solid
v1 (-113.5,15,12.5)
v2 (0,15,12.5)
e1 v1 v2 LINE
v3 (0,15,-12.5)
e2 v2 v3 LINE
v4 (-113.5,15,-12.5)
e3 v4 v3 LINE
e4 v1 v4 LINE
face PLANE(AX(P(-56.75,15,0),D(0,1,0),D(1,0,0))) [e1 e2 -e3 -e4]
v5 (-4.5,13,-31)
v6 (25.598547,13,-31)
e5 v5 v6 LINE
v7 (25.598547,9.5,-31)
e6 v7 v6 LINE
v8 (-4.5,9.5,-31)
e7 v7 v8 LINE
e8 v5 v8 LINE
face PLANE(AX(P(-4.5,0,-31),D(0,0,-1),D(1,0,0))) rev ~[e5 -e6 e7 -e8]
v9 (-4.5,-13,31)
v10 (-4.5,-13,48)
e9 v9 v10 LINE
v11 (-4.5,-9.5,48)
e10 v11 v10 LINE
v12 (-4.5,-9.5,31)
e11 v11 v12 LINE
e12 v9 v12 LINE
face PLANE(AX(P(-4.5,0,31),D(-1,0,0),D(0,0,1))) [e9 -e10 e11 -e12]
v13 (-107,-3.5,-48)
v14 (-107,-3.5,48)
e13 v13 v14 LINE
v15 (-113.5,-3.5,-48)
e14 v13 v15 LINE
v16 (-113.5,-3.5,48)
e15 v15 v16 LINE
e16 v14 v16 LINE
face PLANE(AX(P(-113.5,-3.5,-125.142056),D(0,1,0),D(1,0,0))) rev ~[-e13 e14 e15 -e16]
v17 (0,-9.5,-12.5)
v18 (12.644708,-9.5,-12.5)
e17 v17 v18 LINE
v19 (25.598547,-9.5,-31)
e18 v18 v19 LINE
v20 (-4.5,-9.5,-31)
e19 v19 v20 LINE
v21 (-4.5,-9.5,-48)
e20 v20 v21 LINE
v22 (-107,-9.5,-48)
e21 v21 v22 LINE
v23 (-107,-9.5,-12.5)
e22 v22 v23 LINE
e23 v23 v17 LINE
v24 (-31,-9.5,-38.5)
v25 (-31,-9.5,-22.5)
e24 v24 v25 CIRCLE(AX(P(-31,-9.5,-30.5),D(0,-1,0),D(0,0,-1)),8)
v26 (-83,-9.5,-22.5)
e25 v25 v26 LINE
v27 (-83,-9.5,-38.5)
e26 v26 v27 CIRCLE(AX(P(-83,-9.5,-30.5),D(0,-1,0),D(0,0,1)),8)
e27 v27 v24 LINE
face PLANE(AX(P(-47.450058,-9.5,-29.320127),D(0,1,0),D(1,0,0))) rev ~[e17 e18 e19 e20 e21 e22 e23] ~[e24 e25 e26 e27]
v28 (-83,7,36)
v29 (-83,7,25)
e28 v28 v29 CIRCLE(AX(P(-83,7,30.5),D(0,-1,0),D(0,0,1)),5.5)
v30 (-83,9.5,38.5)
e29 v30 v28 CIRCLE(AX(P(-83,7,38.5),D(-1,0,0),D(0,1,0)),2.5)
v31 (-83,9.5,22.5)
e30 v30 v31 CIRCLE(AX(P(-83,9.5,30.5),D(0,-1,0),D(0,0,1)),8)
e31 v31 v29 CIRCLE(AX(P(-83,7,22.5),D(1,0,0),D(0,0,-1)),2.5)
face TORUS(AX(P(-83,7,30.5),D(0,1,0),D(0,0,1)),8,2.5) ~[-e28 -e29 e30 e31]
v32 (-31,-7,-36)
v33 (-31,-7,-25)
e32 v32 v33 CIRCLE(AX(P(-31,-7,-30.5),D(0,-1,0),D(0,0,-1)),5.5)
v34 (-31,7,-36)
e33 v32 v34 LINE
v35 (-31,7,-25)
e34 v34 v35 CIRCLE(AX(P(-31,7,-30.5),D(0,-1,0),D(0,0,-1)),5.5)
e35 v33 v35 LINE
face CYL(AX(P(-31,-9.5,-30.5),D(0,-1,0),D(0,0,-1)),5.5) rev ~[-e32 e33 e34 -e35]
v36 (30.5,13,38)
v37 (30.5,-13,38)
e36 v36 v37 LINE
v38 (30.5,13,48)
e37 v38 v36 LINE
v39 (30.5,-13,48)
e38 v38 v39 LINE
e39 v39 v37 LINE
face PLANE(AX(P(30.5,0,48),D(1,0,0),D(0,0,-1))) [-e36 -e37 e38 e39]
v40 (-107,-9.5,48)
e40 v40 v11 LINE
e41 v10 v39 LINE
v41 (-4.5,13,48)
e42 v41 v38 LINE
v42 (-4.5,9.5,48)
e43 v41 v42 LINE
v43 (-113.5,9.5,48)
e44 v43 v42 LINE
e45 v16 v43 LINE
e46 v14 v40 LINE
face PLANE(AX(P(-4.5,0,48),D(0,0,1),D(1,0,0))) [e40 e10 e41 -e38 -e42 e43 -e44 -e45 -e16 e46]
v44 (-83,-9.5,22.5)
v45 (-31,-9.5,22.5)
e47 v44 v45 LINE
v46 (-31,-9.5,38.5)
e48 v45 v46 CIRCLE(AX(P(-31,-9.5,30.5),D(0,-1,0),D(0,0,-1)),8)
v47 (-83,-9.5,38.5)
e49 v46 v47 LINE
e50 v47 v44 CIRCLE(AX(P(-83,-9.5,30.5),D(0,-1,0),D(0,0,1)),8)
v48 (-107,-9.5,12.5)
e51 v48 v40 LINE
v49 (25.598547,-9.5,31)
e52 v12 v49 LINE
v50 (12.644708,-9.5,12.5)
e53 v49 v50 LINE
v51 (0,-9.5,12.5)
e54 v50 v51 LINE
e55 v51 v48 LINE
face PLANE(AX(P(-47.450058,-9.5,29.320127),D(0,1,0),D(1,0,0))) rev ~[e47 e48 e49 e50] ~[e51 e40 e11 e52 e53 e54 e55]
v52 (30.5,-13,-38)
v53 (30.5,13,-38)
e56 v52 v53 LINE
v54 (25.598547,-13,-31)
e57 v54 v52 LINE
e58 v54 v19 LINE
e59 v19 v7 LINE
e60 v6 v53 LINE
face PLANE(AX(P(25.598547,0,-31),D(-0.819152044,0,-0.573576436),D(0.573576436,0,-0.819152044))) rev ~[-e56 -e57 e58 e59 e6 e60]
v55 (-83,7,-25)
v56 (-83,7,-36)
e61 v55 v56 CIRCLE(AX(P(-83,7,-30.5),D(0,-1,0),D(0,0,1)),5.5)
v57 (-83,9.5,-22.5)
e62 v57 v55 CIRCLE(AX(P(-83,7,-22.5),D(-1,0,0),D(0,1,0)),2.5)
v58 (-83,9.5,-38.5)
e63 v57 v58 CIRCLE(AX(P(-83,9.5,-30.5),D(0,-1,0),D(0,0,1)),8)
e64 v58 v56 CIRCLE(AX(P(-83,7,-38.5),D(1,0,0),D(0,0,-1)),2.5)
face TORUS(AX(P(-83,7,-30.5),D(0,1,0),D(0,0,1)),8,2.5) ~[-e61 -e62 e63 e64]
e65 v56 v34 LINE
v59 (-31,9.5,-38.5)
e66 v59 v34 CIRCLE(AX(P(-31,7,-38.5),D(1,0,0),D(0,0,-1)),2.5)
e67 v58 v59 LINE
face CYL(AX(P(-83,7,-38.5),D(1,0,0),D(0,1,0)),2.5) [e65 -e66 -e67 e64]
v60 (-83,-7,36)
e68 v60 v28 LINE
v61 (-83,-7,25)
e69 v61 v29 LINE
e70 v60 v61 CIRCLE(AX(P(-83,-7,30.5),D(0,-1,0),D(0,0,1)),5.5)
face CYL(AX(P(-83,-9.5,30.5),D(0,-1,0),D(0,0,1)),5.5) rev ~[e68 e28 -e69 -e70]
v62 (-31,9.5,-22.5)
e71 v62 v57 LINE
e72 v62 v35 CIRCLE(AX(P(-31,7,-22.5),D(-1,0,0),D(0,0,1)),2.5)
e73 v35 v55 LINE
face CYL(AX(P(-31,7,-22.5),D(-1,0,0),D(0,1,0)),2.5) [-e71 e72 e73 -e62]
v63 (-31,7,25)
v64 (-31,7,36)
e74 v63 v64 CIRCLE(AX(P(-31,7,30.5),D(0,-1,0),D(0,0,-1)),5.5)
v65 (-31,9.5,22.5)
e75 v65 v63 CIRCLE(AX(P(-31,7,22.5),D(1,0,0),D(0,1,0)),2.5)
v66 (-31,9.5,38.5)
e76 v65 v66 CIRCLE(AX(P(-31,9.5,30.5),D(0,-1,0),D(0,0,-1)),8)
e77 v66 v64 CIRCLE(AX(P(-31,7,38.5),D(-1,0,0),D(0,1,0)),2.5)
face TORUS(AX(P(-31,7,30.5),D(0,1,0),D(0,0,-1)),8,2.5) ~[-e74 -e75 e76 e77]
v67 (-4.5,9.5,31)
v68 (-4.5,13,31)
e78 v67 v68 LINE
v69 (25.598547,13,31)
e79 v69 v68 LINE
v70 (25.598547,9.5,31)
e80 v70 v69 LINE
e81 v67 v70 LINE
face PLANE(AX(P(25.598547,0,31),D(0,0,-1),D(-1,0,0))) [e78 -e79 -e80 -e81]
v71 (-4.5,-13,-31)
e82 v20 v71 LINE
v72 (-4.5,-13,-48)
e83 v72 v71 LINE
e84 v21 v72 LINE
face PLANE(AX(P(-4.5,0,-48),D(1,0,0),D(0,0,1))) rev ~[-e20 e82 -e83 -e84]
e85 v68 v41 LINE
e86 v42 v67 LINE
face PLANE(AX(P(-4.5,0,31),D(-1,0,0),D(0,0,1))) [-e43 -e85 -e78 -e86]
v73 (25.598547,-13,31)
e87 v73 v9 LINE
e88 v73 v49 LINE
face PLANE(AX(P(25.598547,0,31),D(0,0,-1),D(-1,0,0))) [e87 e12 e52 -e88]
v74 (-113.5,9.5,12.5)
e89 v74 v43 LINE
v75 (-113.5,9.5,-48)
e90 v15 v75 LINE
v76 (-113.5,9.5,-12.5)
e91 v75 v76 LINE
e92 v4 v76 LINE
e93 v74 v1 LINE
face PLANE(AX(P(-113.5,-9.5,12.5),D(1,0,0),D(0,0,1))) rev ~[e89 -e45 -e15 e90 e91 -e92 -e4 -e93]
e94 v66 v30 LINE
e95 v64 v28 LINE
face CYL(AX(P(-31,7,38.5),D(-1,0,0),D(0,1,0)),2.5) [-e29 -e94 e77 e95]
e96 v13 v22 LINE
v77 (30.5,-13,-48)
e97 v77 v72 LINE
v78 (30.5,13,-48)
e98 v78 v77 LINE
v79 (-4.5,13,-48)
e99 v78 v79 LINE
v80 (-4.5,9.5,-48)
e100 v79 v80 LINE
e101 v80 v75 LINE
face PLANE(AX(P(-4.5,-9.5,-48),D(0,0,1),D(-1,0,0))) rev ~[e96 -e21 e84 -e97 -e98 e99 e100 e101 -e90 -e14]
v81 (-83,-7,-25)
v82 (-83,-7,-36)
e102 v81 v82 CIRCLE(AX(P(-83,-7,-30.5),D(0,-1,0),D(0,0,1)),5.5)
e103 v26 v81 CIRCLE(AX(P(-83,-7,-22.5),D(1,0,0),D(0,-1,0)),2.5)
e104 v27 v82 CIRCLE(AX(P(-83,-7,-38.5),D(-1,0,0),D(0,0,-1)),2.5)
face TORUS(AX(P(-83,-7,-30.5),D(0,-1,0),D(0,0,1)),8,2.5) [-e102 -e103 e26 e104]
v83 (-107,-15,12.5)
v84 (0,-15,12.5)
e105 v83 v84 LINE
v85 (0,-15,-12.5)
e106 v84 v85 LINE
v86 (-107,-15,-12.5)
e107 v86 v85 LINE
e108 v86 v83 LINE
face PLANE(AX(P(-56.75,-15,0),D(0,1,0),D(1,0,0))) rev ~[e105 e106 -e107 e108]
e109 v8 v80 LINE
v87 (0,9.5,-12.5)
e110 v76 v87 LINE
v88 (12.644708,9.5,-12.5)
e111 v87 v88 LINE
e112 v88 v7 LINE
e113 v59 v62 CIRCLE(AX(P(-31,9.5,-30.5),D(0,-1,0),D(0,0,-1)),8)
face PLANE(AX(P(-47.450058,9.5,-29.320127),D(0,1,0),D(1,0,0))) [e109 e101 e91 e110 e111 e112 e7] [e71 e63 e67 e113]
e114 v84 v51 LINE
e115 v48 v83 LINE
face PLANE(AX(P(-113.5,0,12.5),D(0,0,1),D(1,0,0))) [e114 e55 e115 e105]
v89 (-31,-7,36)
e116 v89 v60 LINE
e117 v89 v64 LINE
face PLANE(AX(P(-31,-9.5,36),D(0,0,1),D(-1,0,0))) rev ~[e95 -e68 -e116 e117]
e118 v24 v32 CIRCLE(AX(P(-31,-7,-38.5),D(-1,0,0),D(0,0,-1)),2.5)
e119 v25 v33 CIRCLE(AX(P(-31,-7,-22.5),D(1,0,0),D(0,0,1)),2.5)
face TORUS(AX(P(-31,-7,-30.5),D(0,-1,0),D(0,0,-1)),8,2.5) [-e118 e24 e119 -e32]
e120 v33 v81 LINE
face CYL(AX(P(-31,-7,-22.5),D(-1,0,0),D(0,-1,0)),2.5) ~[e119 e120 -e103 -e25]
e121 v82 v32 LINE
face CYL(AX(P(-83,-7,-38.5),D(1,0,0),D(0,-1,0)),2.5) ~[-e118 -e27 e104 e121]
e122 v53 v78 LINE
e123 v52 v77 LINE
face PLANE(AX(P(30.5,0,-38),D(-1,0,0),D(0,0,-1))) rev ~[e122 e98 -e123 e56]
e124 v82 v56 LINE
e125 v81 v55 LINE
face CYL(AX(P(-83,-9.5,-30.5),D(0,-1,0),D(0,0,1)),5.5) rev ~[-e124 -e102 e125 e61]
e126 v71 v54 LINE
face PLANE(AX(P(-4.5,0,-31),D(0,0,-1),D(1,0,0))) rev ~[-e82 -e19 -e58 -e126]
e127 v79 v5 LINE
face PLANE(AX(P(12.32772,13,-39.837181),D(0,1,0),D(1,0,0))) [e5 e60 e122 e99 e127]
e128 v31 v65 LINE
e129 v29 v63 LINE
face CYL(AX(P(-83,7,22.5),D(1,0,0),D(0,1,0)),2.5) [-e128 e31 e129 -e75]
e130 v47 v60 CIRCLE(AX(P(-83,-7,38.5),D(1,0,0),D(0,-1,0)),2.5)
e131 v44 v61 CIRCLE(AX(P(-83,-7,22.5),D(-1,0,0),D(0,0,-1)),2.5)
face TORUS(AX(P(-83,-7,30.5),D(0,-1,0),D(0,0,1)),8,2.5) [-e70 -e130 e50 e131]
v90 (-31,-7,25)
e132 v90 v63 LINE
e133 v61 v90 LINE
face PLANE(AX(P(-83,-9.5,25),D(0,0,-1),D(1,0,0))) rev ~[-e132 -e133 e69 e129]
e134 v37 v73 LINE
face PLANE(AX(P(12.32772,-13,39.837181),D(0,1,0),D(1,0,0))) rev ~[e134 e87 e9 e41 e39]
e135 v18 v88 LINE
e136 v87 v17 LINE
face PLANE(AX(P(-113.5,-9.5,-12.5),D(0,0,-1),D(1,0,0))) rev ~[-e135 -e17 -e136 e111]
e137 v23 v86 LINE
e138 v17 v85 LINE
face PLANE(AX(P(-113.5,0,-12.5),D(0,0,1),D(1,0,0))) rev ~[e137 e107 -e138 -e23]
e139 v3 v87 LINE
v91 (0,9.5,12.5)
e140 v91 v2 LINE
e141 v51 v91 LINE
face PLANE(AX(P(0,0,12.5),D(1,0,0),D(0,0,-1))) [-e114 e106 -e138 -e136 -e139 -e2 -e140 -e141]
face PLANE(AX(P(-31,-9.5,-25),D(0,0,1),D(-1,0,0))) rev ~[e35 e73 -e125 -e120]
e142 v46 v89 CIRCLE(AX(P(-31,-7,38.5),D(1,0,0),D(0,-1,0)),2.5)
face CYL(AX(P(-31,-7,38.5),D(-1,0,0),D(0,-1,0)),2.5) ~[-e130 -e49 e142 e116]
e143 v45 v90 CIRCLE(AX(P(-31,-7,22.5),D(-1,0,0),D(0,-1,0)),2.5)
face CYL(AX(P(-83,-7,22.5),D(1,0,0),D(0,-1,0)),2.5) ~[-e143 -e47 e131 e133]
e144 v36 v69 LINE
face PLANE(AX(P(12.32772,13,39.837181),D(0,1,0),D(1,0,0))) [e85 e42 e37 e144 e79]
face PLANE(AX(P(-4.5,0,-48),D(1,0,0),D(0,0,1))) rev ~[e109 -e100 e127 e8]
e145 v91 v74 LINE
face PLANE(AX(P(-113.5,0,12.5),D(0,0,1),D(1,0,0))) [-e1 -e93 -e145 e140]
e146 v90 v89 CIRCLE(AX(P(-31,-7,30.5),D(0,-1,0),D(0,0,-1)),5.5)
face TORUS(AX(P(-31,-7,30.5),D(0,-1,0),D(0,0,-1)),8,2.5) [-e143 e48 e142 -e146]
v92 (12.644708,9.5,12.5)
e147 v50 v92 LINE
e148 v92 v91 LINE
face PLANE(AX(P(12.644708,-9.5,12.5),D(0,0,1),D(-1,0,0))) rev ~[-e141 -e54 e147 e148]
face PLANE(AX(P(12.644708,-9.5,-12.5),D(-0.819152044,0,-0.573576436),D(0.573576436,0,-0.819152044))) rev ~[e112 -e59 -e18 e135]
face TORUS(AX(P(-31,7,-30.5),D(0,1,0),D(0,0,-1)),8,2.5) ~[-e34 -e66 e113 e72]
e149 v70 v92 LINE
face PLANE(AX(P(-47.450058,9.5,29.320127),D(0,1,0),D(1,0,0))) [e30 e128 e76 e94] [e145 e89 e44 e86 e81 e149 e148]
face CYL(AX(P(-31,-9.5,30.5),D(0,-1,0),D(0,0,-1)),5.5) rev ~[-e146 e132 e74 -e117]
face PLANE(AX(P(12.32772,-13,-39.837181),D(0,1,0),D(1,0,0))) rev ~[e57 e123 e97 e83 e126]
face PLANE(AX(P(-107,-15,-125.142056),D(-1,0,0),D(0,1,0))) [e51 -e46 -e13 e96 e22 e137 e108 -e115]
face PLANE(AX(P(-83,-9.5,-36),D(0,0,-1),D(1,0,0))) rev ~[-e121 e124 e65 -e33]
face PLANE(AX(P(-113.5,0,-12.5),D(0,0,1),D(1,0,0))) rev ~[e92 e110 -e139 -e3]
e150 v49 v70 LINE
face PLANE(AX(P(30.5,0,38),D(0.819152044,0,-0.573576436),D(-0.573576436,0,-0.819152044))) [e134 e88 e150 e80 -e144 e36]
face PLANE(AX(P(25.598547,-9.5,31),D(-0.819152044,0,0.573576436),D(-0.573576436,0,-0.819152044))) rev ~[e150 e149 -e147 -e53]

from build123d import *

# Parameters (mm, degrees)
ESQUISSE1_W                  = 113.5
ESQUISSE1_H                  = 25
BOSS_EXTRU_1_DEPTH           = 15
BOSS_EXTRU_2_DEPTH           = 9.5
BOSS_EXTRU_2_DEPTH_BACK      = 9.5
BOSS_EXTRU_3_DEPTH           = 13
ENL_V_MAT_EXTRU_1_DEPTH      = 125.142055726
ENL_V_MAT_EXTRU_1_DEPTH_BACK = 125.142055726
ESQUISSE2_W                  = 6.5
ESQUISSE2_H                  = 11.5
CONG_1_R                     = 2.5


with BuildPart() as part:
    # Esquisse1 → Boss.-Extru.1 (new, symmetric)
    with BuildSketch(Plane(origin=(0, 0, 0), x_dir=(1, 0, 0), z_dir=(0, 1, 0))):
        with Locations((-56.75, 0)):
            Rectangle(ESQUISSE1_W, ESQUISSE1_H)
    extrude(amount=BOSS_EXTRU_1_DEPTH, both=True)

    # Esquisse1<3> → Boss.-Extru.2 (add, two sides: drawn at the far end of the back side and taken through both)
    # profile 1 of 2: a face of its own
    with BuildSketch(Plane(origin=(0, 0, 0), x_dir=(1, 0, 0), z_dir=(0, 1, 0)).offset(-BOSS_EXTRU_2_DEPTH_BACK)):
        Polygon((12.644707776, -12.5), (0, -12.5), (-113.5, -12.5), (-113.5, -48), (-4.5, -48), (-4.5, -31), (25.598547233, -31), align=None)
        with BuildLine():
            Line((-31, -36), (-83, -36))
            ThreePointArc((-83, -36), (-88.5, -30.5), (-83, -25))
            Line((-83, -25), (-31, -25))
            ThreePointArc((-31, -25), (-25.5, -30.5), (-31, -36))
        make_face(mode=Mode.SUBTRACT)
    # profile 2 of 2: a face of its own
    with BuildSketch(Plane(origin=(0, 0, 0), x_dir=(1, 0, 0), z_dir=(0, 1, 0)).offset(-BOSS_EXTRU_2_DEPTH_BACK)):
        Polygon((-113.5, 12.5), (0, 12.5), (12.644707776, 12.5), (25.598547233, 31), (-4.5, 31), (-4.5, 48), (-113.5, 48), align=None)
        with BuildLine():
            ThreePointArc((-83, 25), (-88.5, 30.5), (-83, 36))
            Line((-83, 36), (-31, 36))
            ThreePointArc((-31, 36), (-25.5, 30.5), (-31, 25))
            Line((-31, 25), (-83, 25))
        make_face(mode=Mode.SUBTRACT)
    extrude(amount=BOSS_EXTRU_2_DEPTH + BOSS_EXTRU_2_DEPTH_BACK)

    # Esquisse1<4> → Boss.-Extru.3 (add, symmetric)
    with BuildSketch(Plane(origin=(0, 0, 0), x_dir=(1, 0, 0), z_dir=(0, 1, 0))):
        Polygon((-4.5, 31), (25.598547233, 31), (30.5, 38), (30.5, 48), (-4.5, 48), align=None)
        Polygon((30.5, -38), (25.598547233, -31), (-4.5, -31), (-4.5, -48), (30.5, -48), align=None)
    extrude(amount=BOSS_EXTRU_3_DEPTH, both=True)

    # Esquisse2 → Enlèv. mat.-Extru.1 (cut, two sides: drawn at the far end of the back side and taken through both)
    with BuildSketch(Plane.XY.offset(-ENL_V_MAT_EXTRU_1_DEPTH_BACK)):
        with Locations((-110.25, -9.25)):
            Rectangle(ESQUISSE2_W, ESQUISSE2_H)
    extrude(amount=ENL_V_MAT_EXTRU_1_DEPTH + ENL_V_MAT_EXTRU_1_DEPTH_BACK, mode=Mode.SUBTRACT)

    # Congé1
    cong_1_edges = [part.edges().sort_by_distance(p)[0] for p in [
        (-57, 9.5, 36),
        (-57, -9.5, 36),
        (-88.5, 9.5, 30.5),
        (-57, 9.5, 25),
        (-25.5, 9.5, 30.5),
        (-57, -9.5, 25),
        (-88.5, -9.5, 30.5),
        (-25.5, -9.5, 30.5),
        (-25.5, 9.5, -30.5),
        (-25.5, -9.5, -30.5),
        (-57, 9.5, -25),
        (-57, -9.5, -25),
        (-88.5, 9.5, -30.5),
        (-88.5, -9.5, -30.5),
        (-57, 9.5, -36),
        (-57, -9.5, -36),
    ]]
    fillet(cong_1_edges, radius=CONG_1_R)


solid = part.part
